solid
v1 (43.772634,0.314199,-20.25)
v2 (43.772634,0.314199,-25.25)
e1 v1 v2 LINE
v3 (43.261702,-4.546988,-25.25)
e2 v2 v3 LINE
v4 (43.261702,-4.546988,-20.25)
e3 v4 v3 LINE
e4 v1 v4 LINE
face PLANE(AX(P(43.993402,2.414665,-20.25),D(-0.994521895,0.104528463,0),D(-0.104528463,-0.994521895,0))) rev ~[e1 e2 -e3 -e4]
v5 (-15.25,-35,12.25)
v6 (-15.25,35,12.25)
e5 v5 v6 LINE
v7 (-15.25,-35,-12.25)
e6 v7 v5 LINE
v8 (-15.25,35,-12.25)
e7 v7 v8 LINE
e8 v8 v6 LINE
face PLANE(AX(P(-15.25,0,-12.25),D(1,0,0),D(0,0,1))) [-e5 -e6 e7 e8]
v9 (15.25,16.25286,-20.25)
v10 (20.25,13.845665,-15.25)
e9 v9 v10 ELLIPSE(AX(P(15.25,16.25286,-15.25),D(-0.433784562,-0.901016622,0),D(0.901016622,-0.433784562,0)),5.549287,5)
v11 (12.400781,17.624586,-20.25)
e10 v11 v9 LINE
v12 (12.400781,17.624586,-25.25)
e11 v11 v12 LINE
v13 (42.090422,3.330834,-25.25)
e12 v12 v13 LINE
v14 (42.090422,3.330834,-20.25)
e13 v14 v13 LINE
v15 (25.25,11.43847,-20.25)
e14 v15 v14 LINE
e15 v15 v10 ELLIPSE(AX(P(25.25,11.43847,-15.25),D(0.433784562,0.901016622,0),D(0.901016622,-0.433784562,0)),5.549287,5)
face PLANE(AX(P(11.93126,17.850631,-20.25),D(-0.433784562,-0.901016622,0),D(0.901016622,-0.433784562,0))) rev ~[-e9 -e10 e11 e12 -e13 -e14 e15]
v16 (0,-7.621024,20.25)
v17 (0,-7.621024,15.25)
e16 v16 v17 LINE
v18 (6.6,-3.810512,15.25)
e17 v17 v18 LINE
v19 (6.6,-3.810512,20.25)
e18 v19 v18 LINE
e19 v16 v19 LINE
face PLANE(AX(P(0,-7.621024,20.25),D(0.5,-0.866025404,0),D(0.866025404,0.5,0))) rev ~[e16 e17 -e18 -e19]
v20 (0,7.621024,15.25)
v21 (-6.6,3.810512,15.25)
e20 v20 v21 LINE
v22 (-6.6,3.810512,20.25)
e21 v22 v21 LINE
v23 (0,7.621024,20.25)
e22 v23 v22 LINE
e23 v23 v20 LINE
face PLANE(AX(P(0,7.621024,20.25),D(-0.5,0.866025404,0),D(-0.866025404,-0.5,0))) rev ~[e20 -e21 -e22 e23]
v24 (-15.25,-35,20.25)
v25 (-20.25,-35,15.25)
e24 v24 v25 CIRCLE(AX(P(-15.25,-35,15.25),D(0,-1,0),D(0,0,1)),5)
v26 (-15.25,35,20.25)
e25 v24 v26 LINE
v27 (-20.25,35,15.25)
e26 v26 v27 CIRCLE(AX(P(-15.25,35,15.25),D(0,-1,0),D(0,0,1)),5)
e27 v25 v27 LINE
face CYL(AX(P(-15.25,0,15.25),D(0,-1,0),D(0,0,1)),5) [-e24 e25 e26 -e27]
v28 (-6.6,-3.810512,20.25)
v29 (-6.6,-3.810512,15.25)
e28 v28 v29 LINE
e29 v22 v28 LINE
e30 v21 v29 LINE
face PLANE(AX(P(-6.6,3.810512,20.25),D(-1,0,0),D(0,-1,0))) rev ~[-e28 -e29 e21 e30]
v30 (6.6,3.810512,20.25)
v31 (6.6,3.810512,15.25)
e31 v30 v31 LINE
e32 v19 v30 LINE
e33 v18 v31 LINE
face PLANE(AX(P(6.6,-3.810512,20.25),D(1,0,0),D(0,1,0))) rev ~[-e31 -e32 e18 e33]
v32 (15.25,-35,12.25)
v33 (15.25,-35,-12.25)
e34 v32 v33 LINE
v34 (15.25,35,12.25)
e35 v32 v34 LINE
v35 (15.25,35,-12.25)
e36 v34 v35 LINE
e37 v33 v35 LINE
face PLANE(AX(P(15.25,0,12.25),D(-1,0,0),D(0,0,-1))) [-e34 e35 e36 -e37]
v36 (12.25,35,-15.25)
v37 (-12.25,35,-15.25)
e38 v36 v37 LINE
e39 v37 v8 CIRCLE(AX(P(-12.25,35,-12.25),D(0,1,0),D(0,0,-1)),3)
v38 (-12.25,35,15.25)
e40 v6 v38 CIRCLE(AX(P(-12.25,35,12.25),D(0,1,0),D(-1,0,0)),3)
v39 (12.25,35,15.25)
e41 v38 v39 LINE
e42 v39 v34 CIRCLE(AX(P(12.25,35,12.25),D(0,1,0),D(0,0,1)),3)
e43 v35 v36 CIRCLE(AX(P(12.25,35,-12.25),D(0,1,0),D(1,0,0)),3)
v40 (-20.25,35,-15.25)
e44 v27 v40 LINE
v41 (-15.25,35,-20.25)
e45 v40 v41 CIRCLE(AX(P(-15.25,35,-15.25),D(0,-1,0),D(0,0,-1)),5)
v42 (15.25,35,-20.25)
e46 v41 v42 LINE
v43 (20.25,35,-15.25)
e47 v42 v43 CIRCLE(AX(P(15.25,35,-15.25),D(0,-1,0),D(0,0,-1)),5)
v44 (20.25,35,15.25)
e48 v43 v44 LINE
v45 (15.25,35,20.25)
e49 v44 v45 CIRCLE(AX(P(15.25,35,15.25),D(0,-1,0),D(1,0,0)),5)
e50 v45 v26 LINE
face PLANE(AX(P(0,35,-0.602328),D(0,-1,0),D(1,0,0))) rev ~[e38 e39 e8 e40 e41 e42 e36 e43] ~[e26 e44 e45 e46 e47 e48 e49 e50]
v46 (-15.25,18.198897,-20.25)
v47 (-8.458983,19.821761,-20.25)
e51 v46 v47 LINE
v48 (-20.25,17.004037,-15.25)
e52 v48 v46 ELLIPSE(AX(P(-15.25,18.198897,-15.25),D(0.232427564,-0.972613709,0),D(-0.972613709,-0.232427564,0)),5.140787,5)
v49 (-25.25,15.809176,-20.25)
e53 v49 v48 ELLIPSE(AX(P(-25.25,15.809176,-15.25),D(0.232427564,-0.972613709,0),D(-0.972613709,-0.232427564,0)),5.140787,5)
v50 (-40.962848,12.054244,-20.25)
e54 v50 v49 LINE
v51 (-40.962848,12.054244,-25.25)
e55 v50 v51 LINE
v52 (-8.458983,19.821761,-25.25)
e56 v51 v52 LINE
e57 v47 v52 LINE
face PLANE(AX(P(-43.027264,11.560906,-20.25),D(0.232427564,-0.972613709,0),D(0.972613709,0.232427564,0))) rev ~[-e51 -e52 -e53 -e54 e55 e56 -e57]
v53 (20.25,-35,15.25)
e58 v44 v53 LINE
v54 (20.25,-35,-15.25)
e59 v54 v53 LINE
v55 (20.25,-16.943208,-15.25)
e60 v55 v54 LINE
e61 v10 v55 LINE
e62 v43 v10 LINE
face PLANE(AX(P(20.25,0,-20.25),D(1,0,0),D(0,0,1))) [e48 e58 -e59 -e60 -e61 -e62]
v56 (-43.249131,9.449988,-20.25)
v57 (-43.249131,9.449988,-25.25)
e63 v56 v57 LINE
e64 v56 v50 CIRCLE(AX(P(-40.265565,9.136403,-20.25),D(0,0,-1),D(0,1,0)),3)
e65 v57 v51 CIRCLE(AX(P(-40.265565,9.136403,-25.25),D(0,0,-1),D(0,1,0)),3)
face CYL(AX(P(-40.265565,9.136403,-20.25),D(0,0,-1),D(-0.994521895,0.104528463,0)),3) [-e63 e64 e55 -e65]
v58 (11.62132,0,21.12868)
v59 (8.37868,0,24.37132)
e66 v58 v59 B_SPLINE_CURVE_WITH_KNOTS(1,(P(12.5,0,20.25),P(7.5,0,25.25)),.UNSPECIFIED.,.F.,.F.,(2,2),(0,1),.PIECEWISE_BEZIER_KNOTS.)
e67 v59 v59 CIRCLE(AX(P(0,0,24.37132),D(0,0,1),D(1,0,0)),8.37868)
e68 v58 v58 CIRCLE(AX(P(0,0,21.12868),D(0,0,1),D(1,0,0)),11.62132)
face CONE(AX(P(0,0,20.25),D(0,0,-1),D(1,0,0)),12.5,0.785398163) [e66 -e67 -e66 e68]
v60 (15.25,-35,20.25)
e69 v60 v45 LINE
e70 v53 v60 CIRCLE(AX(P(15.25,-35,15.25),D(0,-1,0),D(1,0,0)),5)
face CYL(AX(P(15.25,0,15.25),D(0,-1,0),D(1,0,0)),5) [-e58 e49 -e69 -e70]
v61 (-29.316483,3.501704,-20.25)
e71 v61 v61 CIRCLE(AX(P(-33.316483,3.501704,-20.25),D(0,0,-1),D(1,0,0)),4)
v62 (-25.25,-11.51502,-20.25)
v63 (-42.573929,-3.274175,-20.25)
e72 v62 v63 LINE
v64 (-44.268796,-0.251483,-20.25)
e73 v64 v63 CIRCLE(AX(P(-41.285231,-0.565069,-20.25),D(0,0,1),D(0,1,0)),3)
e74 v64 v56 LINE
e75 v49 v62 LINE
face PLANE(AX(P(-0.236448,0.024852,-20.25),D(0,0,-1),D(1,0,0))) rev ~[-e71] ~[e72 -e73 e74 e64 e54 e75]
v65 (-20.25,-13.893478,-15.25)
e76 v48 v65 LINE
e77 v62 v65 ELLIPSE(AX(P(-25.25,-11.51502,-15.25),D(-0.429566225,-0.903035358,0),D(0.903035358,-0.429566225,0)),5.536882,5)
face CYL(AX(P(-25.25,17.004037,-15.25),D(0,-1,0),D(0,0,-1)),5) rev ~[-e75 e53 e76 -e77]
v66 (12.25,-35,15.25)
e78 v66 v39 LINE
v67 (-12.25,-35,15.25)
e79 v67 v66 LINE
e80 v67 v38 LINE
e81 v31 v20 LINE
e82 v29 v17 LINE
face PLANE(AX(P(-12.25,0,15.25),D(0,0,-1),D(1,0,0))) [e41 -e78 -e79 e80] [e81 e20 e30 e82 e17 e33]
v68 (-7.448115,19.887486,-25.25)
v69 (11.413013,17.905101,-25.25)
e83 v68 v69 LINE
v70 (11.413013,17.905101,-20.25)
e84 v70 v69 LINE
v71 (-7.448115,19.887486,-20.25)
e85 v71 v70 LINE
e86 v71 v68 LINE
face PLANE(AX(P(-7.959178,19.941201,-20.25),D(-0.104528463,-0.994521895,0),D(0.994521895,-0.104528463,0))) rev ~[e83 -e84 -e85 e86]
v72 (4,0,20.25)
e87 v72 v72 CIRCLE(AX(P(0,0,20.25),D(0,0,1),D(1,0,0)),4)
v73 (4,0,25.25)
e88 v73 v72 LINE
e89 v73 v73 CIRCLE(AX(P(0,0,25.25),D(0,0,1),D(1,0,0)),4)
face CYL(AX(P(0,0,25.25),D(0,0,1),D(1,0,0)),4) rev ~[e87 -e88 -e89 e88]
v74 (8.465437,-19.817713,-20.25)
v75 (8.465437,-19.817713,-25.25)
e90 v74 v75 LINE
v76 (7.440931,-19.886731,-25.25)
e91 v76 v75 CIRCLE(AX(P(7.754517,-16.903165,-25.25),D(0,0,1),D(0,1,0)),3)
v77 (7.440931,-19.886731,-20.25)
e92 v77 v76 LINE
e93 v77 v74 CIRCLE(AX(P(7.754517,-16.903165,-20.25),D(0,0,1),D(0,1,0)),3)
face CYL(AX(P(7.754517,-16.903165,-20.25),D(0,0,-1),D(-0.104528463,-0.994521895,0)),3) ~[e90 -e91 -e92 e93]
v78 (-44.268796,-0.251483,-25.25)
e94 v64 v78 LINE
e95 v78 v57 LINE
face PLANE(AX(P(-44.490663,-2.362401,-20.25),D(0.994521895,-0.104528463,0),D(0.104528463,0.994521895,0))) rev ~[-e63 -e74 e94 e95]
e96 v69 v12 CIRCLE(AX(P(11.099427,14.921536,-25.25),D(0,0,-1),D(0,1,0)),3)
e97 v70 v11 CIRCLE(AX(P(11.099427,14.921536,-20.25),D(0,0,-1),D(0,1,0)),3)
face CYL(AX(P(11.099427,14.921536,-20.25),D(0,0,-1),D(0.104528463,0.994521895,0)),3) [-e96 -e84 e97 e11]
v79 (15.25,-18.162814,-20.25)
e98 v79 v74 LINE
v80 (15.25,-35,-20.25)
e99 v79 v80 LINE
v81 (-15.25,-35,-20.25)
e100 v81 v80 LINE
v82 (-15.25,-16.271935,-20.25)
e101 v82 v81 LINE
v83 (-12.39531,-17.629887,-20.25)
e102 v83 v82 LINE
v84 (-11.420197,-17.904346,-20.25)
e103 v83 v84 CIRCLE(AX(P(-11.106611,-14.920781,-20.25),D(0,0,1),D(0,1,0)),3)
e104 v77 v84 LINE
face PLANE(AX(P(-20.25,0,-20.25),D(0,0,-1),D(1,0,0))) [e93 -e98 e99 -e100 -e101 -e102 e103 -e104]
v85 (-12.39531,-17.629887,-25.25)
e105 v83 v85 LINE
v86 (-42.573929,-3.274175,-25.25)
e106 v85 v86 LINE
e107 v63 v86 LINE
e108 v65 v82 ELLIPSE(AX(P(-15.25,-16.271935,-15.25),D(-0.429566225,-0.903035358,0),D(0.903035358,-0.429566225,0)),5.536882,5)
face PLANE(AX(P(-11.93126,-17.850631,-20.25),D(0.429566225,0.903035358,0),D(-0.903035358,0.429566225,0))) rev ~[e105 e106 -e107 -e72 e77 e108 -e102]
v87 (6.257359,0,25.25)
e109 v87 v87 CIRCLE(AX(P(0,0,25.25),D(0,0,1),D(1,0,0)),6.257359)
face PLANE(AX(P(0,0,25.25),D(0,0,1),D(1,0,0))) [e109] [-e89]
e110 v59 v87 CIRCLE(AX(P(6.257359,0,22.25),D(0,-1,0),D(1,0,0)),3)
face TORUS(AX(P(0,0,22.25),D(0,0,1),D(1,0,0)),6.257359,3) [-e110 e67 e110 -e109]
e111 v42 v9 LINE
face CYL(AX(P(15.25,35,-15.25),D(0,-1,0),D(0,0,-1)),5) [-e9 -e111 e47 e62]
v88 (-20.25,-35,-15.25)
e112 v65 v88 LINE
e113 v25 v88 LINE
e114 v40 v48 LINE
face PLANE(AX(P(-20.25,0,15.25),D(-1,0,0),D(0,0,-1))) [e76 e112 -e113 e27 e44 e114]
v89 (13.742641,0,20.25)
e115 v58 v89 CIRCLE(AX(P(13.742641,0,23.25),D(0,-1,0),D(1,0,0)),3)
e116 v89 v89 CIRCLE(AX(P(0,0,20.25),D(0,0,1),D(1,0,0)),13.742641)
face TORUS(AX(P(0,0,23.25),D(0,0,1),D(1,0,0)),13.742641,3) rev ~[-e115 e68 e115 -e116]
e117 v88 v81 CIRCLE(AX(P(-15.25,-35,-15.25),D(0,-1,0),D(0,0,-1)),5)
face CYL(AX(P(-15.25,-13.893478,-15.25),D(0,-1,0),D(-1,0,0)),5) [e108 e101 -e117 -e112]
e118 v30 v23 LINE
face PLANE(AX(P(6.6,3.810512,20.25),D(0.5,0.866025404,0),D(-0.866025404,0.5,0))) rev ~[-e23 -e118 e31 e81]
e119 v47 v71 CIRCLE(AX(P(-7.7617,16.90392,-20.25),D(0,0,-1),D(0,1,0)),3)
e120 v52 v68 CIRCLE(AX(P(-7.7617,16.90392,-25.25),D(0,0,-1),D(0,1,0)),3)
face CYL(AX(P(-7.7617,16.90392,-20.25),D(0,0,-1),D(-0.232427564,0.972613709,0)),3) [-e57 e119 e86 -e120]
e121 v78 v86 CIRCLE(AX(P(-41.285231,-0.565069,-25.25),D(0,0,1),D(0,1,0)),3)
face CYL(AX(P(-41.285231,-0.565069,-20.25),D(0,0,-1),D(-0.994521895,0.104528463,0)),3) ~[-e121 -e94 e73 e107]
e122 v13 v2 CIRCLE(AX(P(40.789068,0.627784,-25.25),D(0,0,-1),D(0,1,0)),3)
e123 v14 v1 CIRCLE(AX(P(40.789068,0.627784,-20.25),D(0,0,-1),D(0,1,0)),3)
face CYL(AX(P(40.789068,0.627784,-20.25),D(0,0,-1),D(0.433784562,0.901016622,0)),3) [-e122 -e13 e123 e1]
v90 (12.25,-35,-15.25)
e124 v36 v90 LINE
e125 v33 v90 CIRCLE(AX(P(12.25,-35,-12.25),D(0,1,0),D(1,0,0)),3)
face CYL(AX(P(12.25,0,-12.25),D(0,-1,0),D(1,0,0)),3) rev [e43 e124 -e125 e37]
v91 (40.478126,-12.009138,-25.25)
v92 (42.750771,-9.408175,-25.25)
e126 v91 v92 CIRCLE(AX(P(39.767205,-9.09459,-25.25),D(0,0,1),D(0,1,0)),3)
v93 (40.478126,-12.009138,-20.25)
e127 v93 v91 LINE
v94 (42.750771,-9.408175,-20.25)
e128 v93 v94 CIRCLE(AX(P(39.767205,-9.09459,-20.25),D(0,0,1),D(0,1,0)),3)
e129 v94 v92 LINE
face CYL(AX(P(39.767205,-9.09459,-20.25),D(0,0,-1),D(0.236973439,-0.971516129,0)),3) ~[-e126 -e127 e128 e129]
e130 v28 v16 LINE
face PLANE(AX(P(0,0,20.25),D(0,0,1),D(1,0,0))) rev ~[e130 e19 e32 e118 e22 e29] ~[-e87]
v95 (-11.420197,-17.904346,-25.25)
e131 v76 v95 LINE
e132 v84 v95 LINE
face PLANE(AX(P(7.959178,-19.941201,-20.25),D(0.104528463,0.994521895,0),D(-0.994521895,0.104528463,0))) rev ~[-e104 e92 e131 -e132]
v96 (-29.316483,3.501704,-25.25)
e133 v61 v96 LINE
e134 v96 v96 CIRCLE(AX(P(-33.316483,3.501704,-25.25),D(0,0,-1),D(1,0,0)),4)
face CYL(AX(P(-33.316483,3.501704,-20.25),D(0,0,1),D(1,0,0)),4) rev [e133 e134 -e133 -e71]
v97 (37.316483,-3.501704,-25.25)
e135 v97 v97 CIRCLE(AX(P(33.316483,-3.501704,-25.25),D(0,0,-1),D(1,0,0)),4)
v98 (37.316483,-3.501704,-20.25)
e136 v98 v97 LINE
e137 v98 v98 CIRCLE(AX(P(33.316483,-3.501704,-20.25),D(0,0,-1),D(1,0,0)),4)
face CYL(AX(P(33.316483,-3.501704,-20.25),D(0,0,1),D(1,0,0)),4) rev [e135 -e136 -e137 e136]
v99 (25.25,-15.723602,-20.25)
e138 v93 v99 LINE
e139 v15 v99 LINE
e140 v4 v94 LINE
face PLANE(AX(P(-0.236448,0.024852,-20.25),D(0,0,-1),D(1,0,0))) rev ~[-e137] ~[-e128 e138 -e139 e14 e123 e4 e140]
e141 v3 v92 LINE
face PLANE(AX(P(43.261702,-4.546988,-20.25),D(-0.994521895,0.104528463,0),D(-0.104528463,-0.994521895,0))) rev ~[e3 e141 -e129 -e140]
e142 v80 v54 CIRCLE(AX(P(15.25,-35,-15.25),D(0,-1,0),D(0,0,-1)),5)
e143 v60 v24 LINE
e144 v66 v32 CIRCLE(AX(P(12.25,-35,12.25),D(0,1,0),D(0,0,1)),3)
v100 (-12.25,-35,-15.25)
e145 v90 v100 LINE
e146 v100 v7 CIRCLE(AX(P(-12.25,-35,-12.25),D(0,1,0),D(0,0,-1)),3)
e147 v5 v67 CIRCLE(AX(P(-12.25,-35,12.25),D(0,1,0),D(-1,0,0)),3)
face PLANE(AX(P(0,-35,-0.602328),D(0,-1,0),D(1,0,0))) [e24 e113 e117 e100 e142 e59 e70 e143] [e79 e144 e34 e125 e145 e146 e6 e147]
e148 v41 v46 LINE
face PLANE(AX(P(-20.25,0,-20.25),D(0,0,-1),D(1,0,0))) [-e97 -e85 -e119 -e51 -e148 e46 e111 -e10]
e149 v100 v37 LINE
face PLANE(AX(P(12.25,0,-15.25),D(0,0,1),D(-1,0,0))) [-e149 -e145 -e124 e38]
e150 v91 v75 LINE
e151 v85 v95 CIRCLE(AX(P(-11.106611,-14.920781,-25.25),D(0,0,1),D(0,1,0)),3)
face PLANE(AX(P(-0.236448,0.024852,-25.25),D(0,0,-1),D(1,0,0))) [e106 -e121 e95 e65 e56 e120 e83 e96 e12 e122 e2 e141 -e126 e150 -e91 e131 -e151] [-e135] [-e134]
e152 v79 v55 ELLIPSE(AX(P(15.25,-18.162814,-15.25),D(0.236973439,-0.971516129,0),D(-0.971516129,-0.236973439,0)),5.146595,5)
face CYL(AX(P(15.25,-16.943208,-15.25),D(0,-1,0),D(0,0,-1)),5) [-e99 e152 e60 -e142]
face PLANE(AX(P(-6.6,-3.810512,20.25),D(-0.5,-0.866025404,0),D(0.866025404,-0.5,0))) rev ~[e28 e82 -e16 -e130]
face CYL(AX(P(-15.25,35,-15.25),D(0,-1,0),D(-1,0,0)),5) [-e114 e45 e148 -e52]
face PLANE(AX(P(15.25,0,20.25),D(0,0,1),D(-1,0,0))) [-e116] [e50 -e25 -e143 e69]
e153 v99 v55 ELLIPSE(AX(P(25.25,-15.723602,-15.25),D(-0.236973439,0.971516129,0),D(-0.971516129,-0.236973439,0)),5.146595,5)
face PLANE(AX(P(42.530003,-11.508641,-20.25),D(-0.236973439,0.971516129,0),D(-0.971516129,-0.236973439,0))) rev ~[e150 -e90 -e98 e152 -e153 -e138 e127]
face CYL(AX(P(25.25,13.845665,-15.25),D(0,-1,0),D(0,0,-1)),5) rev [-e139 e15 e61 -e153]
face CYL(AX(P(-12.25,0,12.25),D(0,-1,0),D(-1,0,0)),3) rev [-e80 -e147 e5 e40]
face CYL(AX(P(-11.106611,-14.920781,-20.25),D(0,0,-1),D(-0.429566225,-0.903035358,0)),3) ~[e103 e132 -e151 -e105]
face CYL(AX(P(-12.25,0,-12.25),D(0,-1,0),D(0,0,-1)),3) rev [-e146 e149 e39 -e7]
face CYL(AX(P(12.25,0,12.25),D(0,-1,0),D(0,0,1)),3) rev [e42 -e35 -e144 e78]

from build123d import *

# Parameters (mm, degrees)
F1_DEPTH  = 35
F3_DEPTH  = 5
F8_R      = 12.5
F6_R      = 7.5
F10_R     = 3
F11_R     = 4
F12_DEPTH = 5
F13_R     = 4
F14_DEPTH = 5
F15_R     = 3
F16_R     = 5
F17_R     = 5


with BuildPart() as f1:
    # F0 (on Front) → F1 (new body, symmetric)
    with BuildSketch(Plane.XZ):
        with BuildLine():
            Line((-20.25, 15.25), (-20.25, -20.25))
            Line((-20.25, -20.25), (20.25, -20.25))
            Line((20.25, -20.25), (20.25, 15.25))
            ThreePointArc((20.25, 15.25), (18.7855339059, 18.7855339059), (15.25, 20.25))
            Line((15.25, 20.25), (-15.25, 20.25))
            ThreePointArc((-15.25, 20.25), (-18.7855339059, 18.7855339059), (-20.25, 15.25))
        make_face()
        with BuildLine():
            Line((12.25, -15.25), (-12.25, -15.25))
            ThreePointArc((-12.25, -15.25), (-14.3713203436, -14.3713203436), (-15.25, -12.25))
            Line((-15.25, -12.25), (-15.25, 12.25))
            ThreePointArc((-15.25, 12.25), (-14.3713203436, 14.3713203436), (-12.25, 15.25))
            Line((-12.25, 15.25), (12.25, 15.25))
            ThreePointArc((12.25, 15.25), (14.3713203436, 14.3713203436), (15.25, 12.25))
            Line((15.25, 12.25), (15.25, -12.25))
            ThreePointArc((15.25, -12.25), (14.3713203436, -14.3713203436), (12.25, -15.25))
        make_face(mode=Mode.SUBTRACT)
    extrude(amount=F1_DEPTH, both=True)

    # F2 (on face) → F3 (cut, through all)
    with BuildSketch(Plane.XY.offset(20.25)):
        Polygon((6.6, -3.8105117767), (6.6, 3.8105117767), (0, 7.6210235533), (-6.6, 3.8105117767), (-6.6, -3.8105117767), (0, -7.6210235533), align=None)
    extrude(amount=-F3_DEPTH, mode=Mode.SUBTRACT)

    # F8 (on offset) → F9 section 0
    with BuildSketch(Plane.XY.offset(20.25)):
        Circle(F8_R)
    # F6 (on offset) → F9 section 1
    with BuildSketch(Plane.XY.offset(25.25)):
        Circle(F6_R)
    loft()

    # F10
    f10_edges = [f1.edges().sort_by_distance(p)[0] for p in [
        (-12.5, 0, 20.25),
        (-7.5, 0, 25.25),
    ]]
    fillet(f10_edges, radius=F10_R)

    # F11 (on face) → F12 (cut, through all)
    with BuildSketch(Plane.XY.offset(25.25)):
        Circle(F11_R)
    extrude(amount=-F12_DEPTH, mode=Mode.SUBTRACT)

    # F13 (on face) → F14 (join)
    with BuildSketch(Plane(origin=(0, 0, -20.25), x_dir=(1, 0, 0), z_dir=(0, 0, -1))):
        Polygon((-44.4906626391, 2.3624008838), (-43.7589633962, -4.5992523838), (-43.0272641533, -11.5609056514), (-7.9591781516, -19.9412006447), (11.9312597558, -17.8506313793), (43.9934016914, -2.4146651154), (43.2617024485, 4.5469881521), (42.5300032056, 11.5086414197), (7.9591781516, 19.9412006447), (-11.9312597558, 17.8506313793), align=None)
        with Locations((-33.3164834948, -3.5017035195)):
            Circle(F13_R, mode=Mode.SUBTRACT)
        with Locations((33.3164834948, 3.5017035195)):
            Circle(F13_R, mode=Mode.SUBTRACT)
    extrude(amount=F14_DEPTH)

    # F15
    f15_edges = [f1.edges().sort_by_distance(p)[0] for p in [
        (42.530003, -11.508641, -22.75),
        (7.959178, -19.941201, -22.75),
        (-11.93126, -17.850631, -22.75),
        (-44.490663, -2.362401, -22.75),
        (-43.027264, 11.560906, -22.75),
        (-7.959178, 19.941201, -22.75),
        (11.93126, 17.850631, -22.75),
        (43.993402, 2.414665, -22.75),
    ]]
    fillet(f15_edges, radius=F15_R)

    # F16
    f16_edges = [f1.edges().sort_by_distance(p)[0] for p in [
        (-20.25, 1.55528, -20.25),
        (20.25, -1.548771, -20.25),
    ]]
    fillet(f16_edges, radius=F16_R)

    # F17
    f17_edges = [f1.edges().sort_by_distance(p)[0] for p in [
        (-20.25, 26.002018, -20.25),
        (-20.25, -24.446739, -20.25),
        (20.25, 24.422833, -20.25),
        (20.25, -25.971604, -20.25),
    ]]
    fillet(f17_edges, radius=F17_R)


solid = f1.part
